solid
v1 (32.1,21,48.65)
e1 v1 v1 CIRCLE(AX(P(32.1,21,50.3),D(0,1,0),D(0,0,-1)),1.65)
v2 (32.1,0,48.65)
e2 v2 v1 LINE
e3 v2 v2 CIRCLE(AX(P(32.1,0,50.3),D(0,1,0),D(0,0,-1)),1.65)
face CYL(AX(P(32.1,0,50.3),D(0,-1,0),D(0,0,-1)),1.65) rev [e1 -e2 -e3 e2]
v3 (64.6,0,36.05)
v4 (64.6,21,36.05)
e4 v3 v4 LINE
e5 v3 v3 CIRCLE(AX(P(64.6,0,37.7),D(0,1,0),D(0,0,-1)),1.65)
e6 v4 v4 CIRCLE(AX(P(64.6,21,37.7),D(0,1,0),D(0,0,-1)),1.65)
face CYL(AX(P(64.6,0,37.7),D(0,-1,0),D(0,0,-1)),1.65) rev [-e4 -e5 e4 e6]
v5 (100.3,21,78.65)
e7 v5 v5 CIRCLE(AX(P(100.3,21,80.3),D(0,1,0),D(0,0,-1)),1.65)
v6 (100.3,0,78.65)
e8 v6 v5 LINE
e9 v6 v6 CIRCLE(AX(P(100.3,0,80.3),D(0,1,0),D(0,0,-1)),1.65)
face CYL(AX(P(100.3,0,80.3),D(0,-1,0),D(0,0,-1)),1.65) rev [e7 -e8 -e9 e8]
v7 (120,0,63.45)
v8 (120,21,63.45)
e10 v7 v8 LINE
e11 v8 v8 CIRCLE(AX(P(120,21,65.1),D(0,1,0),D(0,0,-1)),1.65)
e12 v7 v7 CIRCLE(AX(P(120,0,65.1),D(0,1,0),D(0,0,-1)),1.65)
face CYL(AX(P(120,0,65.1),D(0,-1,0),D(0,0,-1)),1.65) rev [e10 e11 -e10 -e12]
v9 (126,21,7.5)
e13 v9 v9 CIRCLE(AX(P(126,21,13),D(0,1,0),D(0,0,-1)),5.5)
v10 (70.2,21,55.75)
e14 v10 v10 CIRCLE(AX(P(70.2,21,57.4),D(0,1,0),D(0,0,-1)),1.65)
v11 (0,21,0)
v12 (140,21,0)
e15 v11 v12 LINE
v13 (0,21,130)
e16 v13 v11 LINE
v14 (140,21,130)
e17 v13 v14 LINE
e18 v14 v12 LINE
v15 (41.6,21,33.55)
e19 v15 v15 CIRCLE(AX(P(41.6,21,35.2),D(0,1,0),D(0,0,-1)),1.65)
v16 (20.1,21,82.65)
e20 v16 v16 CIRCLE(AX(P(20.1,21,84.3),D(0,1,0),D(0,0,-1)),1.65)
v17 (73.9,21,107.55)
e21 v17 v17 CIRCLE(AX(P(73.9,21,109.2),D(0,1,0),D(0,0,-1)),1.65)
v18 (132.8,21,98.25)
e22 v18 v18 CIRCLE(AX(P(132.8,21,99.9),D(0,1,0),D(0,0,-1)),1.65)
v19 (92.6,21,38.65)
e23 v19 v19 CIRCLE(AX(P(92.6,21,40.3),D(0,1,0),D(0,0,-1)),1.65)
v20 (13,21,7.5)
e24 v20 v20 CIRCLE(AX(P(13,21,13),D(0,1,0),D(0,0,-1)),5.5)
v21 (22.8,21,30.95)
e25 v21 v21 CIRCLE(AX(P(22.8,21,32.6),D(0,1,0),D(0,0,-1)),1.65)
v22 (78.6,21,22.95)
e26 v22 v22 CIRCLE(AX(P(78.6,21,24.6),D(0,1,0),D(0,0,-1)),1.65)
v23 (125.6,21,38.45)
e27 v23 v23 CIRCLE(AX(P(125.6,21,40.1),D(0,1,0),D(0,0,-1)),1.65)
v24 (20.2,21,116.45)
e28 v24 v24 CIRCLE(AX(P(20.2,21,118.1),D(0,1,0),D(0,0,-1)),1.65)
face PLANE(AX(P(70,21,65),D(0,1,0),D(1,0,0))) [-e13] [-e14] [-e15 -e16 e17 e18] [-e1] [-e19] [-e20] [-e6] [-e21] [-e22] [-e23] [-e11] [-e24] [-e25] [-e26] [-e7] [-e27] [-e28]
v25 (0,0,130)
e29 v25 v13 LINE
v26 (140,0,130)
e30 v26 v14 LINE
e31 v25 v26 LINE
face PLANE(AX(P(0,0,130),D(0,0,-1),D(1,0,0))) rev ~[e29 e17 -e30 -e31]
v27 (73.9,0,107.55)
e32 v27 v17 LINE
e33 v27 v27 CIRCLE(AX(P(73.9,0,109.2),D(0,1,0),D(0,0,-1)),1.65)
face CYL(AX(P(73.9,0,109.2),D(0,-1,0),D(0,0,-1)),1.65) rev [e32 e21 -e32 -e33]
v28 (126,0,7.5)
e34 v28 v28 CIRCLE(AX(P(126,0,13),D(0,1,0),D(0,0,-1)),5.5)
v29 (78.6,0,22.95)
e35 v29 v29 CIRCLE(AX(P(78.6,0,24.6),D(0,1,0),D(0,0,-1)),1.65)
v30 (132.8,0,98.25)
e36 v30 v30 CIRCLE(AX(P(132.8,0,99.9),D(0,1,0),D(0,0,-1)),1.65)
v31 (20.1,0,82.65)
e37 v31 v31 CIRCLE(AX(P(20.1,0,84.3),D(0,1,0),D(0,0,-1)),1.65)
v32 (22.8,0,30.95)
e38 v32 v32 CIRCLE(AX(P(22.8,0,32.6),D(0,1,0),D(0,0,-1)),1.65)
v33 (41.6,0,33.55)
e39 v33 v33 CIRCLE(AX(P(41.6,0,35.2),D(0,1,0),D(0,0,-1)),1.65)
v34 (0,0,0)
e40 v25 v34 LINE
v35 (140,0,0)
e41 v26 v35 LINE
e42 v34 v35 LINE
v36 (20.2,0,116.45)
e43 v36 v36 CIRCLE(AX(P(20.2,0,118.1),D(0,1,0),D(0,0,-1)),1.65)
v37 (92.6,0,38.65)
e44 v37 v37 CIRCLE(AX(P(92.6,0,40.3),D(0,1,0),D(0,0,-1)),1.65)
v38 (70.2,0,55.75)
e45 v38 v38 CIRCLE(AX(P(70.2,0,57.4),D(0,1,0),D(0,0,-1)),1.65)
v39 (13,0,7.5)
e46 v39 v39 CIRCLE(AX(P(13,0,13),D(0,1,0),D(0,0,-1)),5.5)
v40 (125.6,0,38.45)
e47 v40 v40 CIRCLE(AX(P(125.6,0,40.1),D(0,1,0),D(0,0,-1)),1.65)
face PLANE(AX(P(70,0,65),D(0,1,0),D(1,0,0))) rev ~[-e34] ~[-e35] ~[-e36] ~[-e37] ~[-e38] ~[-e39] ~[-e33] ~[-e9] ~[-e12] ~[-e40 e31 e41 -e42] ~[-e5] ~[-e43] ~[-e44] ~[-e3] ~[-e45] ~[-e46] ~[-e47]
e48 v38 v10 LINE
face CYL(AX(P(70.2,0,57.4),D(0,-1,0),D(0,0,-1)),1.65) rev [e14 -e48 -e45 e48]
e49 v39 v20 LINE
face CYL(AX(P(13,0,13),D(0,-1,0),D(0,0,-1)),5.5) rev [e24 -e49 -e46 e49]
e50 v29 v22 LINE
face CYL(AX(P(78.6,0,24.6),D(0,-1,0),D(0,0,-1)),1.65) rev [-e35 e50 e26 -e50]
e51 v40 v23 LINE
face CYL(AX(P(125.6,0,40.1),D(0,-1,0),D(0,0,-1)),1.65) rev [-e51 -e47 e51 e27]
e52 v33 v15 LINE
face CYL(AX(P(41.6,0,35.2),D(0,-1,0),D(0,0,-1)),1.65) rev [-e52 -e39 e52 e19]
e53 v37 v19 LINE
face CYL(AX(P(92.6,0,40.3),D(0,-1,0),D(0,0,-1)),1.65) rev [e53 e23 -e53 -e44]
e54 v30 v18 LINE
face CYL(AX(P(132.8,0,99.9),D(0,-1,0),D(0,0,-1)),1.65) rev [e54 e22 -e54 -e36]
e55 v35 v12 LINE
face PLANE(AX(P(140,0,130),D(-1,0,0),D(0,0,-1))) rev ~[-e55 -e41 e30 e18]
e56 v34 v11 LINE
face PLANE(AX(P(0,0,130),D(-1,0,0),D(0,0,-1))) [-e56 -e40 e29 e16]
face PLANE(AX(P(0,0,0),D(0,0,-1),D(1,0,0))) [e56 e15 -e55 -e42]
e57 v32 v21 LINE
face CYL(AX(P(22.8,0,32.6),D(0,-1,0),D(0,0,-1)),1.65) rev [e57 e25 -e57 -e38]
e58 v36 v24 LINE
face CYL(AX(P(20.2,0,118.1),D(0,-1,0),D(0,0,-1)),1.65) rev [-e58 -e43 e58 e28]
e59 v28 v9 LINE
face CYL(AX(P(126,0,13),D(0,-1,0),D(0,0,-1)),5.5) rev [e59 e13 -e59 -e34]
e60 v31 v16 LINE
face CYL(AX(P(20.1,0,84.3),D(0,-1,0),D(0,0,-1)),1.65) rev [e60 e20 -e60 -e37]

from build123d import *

# Parameters (mm, degrees)
SKETCH2_W           = 140
SKETCH2_H           = 130
SKETCH2_R           = 5.5
SKETCH2_R_2         = 1.65
BOSS_EXTRUDE1_DEPTH = 21


with BuildPart() as part:
    # Sketch2 → Boss-Extrude1 (new body)
    with BuildSketch(Plane(origin=(0, 0, 0), x_dir=(1, 0, 0), z_dir=(0, 1, 0))):
        with Locations((70, -65)):
            Rectangle(SKETCH2_W, SKETCH2_H)
        with Locations(Location((13, -13, 0), (0, 0, 90))):
            Circle(SKETCH2_R, mode=Mode.SUBTRACT)
        with Locations(Location((126, -13, 0), (0, 0, 90))):
            Circle(SKETCH2_R, mode=Mode.SUBTRACT)
        with Locations(Location((78.6, -24.6, 0), (0, 0, 90))):
            Circle(SKETCH2_R_2, mode=Mode.SUBTRACT)
        with Locations(Location((120, -65.1, 0), (0, 0, 90))):
            Circle(SKETCH2_R_2, mode=Mode.SUBTRACT)
        with Locations(Location((73.9, -109.2, 0), (0, 0, 90))):
            Circle(SKETCH2_R_2, mode=Mode.SUBTRACT)
        with Locations(Location((32.1, -50.3, 0), (0, 0, 90))):
            Circle(SKETCH2_R_2, mode=Mode.SUBTRACT)
        with Locations(Location((22.8, -32.6, 0), (0, 0, 90))):
            Circle(SKETCH2_R_2, mode=Mode.SUBTRACT)
        with Locations(Location((41.6, -35.2, 0), (0, 0, 90))):
            Circle(SKETCH2_R_2, mode=Mode.SUBTRACT)
        with Locations(Location((64.6, -37.7, 0), (0, 0, 90))):
            Circle(SKETCH2_R_2, mode=Mode.SUBTRACT)
        with Locations(Location((92.6, -40.3, 0), (0, 0, 90))):
            Circle(SKETCH2_R_2, mode=Mode.SUBTRACT)
        with Locations(Location((125.6, -40.1, 0), (0, 0, 90))):
            Circle(SKETCH2_R_2, mode=Mode.SUBTRACT)
        with Locations(Location((20.1, -84.3, 0), (0, 0, 90))):
            Circle(SKETCH2_R_2, mode=Mode.SUBTRACT)
        with Locations(Location((20.2, -118.1, 0), (0, 0, 90))):
            Circle(SKETCH2_R_2, mode=Mode.SUBTRACT)
        with Locations(Location((70.2, -57.4, 0), (0, 0, 90))):
            Circle(SKETCH2_R_2, mode=Mode.SUBTRACT)
        with Locations(Location((100.3, -80.3, 0), (0, 0, 90))):
            Circle(SKETCH2_R_2, mode=Mode.SUBTRACT)
        with Locations(Location((132.8, -99.9, 0), (0, 0, 90))):
            Circle(SKETCH2_R_2, mode=Mode.SUBTRACT)
    extrude(amount=BOSS_EXTRUDE1_DEPTH)


solid = part.part
